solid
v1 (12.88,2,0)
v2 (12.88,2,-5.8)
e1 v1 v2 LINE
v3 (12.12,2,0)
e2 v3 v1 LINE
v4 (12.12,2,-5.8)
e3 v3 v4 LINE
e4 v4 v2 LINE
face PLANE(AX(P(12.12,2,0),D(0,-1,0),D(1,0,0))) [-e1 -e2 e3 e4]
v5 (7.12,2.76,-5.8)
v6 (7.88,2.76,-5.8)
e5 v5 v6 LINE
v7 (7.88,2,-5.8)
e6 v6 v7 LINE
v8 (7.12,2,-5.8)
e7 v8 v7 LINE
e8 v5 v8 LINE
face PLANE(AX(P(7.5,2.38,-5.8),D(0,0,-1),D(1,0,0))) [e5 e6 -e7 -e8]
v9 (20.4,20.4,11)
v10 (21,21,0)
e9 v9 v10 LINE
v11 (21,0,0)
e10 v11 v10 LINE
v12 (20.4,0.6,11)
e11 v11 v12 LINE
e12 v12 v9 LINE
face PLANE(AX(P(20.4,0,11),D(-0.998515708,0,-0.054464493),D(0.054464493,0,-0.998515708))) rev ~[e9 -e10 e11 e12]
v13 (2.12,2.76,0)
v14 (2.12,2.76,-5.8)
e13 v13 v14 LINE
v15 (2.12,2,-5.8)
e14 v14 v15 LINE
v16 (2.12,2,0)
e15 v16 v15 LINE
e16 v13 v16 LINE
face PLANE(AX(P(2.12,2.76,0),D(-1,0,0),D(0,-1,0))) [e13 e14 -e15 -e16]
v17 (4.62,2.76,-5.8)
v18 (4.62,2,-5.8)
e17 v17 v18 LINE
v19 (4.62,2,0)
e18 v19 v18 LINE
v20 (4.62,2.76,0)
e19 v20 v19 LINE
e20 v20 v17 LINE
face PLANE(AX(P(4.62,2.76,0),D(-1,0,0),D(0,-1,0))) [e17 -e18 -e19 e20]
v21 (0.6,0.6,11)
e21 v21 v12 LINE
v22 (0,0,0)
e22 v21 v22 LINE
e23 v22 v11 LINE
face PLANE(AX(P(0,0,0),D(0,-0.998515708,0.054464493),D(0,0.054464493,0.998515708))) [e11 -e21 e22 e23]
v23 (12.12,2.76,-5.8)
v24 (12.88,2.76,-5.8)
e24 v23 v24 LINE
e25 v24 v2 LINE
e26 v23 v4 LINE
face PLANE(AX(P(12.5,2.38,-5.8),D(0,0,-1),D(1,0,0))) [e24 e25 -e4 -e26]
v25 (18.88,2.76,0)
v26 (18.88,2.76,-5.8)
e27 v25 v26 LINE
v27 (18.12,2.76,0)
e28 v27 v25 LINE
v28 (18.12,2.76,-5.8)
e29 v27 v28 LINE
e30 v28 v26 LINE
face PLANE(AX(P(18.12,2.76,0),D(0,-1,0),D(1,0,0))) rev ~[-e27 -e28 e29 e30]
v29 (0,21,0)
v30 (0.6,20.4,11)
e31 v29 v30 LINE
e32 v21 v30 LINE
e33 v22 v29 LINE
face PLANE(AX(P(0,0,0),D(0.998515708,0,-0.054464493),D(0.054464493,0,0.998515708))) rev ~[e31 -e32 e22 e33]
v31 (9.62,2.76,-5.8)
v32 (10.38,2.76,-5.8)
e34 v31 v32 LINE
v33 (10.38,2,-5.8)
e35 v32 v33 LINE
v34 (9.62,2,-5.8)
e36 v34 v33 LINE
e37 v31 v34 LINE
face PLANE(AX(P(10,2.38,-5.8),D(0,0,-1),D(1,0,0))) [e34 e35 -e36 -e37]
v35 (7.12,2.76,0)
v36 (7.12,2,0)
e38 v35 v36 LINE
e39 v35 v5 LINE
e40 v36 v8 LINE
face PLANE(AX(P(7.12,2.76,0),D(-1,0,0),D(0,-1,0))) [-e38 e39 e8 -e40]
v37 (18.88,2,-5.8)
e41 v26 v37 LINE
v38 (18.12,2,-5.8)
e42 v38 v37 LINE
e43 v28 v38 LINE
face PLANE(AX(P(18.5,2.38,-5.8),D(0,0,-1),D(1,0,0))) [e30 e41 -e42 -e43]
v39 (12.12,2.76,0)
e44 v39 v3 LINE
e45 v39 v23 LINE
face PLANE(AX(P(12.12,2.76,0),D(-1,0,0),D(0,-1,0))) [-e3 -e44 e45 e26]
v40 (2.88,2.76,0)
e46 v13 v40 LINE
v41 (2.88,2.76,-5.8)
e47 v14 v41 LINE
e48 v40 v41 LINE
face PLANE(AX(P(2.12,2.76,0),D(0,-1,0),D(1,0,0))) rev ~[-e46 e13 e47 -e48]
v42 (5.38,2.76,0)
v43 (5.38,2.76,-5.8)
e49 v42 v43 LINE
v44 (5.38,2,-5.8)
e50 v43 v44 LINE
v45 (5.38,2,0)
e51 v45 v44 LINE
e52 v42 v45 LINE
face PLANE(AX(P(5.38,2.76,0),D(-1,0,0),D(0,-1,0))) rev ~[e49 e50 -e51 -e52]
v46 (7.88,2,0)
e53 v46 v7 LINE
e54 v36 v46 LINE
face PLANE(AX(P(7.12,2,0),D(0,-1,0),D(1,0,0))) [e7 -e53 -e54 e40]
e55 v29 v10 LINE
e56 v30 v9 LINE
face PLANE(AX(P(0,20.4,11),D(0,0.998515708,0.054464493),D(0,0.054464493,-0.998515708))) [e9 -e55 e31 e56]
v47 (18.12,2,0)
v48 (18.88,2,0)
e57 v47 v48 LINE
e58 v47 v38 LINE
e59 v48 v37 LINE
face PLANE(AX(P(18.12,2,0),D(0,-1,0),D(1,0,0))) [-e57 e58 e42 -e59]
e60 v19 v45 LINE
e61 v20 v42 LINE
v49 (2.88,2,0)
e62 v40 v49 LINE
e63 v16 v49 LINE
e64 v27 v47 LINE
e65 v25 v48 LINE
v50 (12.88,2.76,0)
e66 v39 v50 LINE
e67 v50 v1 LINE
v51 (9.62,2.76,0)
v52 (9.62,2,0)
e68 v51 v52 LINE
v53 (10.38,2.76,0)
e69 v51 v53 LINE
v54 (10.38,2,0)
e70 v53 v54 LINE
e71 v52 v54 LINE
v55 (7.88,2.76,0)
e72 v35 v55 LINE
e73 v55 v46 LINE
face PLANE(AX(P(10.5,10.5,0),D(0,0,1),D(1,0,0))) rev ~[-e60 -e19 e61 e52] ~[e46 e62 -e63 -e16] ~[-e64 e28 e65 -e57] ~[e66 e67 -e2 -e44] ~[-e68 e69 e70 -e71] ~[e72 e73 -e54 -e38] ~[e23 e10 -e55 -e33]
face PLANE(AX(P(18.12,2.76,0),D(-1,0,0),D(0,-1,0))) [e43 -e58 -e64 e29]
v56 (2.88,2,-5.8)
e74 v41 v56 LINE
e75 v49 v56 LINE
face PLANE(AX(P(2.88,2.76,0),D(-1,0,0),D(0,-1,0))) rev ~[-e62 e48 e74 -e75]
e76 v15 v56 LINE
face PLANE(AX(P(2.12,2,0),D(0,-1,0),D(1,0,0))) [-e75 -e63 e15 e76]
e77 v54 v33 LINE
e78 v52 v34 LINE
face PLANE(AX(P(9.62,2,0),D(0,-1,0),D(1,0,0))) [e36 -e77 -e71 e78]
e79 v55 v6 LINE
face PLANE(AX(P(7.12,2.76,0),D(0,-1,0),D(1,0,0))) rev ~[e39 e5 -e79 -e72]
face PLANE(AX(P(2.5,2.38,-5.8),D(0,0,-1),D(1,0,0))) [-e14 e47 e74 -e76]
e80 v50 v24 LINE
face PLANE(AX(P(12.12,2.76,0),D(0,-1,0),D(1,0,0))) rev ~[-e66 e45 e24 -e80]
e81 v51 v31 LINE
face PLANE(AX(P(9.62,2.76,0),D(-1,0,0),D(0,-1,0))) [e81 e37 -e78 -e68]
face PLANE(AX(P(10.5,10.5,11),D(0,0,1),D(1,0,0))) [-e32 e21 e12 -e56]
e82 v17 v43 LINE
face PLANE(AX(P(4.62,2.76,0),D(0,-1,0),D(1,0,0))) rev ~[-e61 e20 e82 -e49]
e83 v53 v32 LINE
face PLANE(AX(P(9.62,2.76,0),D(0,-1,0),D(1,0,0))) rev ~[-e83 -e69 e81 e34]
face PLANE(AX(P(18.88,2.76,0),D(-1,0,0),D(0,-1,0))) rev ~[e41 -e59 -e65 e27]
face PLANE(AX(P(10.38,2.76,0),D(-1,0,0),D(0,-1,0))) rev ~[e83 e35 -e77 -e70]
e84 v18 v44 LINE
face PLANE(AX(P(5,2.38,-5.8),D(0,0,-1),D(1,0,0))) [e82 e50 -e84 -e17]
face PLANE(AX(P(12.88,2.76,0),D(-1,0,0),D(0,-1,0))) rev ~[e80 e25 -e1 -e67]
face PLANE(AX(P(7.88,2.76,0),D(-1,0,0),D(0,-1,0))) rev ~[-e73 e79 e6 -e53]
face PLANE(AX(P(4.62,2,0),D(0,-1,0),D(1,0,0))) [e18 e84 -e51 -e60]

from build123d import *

# Parameters (mm, degrees)
F0_W     = 21
F0_H     = 21
F1_DEPTH = 11
F3_DEPTH = 21.001
F5_DEPTH = 25
F6_W     = 0.76
F6_H     = 0.76
F7_DEPTH = 5.8


with BuildPart() as f1:
    # F0 (on Top) → F1 (new body)
    with BuildSketch(Plane.XY):
        with Locations((10.5, 10.5)):
            Rectangle(F0_W, F0_H)
    extrude(amount=F1_DEPTH)

    # F2 (on face) → F3 (cut, through all)
    with BuildSketch(Plane.XZ):
        Polygon((0, 11), (0, 0), (0.6, 11), align=None)
        Polygon((20.4, 11), (21, 0), (21, 11), align=None)
    extrude(amount=-F3_DEPTH, mode=Mode.SUBTRACT)

    # F4 (on Right) → F5 (cut)
    with BuildSketch(Plane.YZ):
        Polygon((20.4, 11), (21, 0), (21, 11), align=None)
        Polygon((0, 11), (0, 0), (0.6, 11), align=None)
    extrude(amount=F5_DEPTH, mode=Mode.SUBTRACT)

    # F6 (on face) → F7 (join)
    with BuildSketch(Plane(origin=(0, 0, 0), x_dir=(1, 0, 0), z_dir=(0, 0, -1))):
        with Locations((2.5, -2.38)):
            Rectangle(F6_W, F6_H)
        with Locations((5, -2.38)):
            Rectangle(F6_W, F6_H)
        with Locations((7.5, -2.38)):
            Rectangle(F6_W, F6_H)
        with Locations((10, -2.38)):
            Rectangle(F6_W, F6_H)
        with Locations((12.5, -2.38)):
            Rectangle(F6_W, F6_H)
        with Locations((18.5, -2.38)):
            Rectangle(F6_W, F6_H)
    extrude(amount=F7_DEPTH)


solid = f1.part
